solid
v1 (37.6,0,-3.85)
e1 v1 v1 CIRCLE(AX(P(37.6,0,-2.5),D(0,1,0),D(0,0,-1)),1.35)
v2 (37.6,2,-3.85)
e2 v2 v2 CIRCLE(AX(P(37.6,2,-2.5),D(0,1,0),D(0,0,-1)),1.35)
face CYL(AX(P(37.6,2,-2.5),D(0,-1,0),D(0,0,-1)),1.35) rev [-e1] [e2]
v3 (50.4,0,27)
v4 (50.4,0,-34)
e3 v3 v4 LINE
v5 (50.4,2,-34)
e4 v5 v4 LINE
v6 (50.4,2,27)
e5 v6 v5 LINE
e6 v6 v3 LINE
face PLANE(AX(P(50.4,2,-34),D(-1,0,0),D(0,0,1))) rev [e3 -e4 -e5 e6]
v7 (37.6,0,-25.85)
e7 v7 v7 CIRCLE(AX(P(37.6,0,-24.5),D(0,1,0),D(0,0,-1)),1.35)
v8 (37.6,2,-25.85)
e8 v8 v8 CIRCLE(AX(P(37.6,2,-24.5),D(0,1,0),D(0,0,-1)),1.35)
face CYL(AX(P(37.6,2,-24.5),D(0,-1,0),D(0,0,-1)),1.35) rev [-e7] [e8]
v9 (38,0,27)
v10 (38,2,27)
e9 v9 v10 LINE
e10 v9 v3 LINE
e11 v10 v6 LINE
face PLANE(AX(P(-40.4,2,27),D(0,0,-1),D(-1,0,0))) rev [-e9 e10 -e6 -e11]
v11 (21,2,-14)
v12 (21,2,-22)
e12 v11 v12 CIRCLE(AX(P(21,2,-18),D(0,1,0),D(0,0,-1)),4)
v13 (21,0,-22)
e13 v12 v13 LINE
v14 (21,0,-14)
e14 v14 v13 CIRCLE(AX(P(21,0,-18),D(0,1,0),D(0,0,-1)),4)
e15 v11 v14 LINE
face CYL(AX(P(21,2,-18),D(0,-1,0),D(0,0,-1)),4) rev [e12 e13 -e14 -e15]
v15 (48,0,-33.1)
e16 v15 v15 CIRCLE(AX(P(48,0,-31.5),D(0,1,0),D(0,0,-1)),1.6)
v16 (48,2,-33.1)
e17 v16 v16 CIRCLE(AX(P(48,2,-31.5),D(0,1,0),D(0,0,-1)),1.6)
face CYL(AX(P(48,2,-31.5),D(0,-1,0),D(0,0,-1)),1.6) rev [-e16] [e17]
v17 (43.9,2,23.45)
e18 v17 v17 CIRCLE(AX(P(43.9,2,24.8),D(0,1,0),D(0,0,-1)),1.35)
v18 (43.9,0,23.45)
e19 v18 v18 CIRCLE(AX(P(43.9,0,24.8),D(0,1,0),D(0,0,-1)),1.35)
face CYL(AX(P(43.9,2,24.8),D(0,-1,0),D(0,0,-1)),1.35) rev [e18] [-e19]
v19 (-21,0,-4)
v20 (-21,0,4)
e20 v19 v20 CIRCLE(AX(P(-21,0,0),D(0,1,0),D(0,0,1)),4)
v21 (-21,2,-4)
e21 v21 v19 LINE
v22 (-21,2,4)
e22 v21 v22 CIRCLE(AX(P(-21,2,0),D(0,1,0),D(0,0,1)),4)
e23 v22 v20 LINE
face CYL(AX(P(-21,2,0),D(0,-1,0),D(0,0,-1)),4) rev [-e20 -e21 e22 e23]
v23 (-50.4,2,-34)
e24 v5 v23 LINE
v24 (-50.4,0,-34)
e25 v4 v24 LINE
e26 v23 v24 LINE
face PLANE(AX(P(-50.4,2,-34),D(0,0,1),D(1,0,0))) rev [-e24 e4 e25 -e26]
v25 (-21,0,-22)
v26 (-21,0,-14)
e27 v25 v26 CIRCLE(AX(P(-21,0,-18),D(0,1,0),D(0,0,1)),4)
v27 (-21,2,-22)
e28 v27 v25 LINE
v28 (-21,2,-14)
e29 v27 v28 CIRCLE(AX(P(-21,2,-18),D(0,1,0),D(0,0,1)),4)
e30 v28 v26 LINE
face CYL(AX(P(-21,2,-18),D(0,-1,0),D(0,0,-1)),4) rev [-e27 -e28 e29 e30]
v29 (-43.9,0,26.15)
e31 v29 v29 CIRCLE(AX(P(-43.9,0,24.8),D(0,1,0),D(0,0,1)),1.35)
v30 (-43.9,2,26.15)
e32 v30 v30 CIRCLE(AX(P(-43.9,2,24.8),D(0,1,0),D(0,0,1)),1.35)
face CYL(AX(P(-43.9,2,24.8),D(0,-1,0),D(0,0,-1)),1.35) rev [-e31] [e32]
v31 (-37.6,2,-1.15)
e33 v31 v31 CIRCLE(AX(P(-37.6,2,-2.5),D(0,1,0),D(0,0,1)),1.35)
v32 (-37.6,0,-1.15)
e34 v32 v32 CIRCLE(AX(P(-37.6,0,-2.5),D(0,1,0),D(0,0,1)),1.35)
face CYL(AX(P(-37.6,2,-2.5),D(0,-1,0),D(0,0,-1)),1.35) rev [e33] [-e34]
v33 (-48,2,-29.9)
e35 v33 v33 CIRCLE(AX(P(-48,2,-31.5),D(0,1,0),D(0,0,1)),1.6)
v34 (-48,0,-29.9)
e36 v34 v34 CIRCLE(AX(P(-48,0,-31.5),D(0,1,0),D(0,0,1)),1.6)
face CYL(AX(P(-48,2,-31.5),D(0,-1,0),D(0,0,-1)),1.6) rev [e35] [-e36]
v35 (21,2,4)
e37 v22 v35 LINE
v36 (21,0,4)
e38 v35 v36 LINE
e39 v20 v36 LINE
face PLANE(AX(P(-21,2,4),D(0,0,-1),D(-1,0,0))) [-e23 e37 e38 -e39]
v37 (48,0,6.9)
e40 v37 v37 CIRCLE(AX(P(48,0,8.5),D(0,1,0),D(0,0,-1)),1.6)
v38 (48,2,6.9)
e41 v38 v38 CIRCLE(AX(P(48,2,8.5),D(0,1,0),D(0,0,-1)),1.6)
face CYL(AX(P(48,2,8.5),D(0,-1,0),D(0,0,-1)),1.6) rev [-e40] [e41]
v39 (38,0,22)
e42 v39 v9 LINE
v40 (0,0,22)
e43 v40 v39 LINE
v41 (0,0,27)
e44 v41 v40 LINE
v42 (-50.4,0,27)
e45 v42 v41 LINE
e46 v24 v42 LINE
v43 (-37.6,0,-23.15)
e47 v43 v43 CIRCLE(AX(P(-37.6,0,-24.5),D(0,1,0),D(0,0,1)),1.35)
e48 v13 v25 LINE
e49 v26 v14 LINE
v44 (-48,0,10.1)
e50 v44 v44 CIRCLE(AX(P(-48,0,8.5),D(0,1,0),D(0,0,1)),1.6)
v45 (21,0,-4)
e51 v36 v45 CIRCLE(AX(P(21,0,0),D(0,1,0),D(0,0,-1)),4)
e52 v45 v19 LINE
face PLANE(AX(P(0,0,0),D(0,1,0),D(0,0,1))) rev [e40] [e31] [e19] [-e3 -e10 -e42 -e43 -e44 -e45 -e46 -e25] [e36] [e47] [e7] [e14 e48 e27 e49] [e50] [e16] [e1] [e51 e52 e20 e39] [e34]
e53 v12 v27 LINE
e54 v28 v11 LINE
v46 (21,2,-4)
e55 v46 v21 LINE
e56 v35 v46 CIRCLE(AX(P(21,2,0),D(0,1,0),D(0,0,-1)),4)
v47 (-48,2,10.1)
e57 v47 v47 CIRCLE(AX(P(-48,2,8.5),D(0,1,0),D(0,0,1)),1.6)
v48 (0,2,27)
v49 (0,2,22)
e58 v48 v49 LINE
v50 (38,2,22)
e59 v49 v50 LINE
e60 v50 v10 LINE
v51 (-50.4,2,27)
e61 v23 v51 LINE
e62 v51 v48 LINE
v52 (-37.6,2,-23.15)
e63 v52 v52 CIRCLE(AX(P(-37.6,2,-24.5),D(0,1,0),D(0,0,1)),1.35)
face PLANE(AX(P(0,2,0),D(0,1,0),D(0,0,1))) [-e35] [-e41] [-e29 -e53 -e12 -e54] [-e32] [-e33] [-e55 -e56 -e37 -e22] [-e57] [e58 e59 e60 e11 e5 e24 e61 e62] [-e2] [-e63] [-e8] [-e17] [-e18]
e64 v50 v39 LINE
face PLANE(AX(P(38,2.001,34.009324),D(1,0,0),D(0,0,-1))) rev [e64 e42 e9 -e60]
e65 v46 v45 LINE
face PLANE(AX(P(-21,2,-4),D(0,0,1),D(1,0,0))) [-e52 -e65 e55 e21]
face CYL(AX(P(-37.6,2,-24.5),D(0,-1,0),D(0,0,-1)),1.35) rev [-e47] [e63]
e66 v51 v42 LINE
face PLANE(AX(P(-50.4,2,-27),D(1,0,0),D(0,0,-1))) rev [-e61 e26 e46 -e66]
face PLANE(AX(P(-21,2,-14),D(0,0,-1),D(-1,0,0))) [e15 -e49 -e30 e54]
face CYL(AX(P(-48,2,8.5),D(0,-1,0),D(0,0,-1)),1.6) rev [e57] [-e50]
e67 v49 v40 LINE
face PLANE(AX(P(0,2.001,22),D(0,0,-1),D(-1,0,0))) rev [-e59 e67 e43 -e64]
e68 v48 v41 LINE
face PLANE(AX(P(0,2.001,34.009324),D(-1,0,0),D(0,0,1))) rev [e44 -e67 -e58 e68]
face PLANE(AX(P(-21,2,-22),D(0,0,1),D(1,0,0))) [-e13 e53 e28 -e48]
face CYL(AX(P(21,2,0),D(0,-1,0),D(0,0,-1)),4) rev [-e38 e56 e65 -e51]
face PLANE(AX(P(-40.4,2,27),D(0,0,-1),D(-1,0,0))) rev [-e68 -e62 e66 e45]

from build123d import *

# Parameters (mm, degrees)
SKETCH_1_R          = 1.6
SKETCH_1_R_2        = 1.35
EXTRUDE_1_DEPTH     = 2
CUT_EXTRUDE_1_REACH = 62.829
SKETCH_2_W          = 38
SKETCH_2_H          = 12.009324428


with BuildPart() as part:
    # 草图1 → 凸台-拉伸1 (new body)
    with BuildSketch(Plane(origin=(0, 0, 0), x_dir=(1, 0, 0), z_dir=(0, 1, 0))):
        Polygon((-40.4, -27), (40.4, -27), (50.4, -27), (50.4, 27), (50.4, 34), (-50.4, 34), (-50.4, 27), (-50.4, -27), align=None)
        with Locations(Location((-48, 31.5, 0), (0, 0, 270))):
            Circle(SKETCH_1_R, mode=Mode.SUBTRACT)
        with Locations(Location((-37.6, 24.5, 0), (0, 0, 270))):
            Circle(SKETCH_1_R_2, mode=Mode.SUBTRACT)
        with Locations(Location((-43.9, -24.8, 0), (0, 0, 270))):
            Circle(SKETCH_1_R_2, mode=Mode.SUBTRACT)
        with Locations(Location((37.6, 24.5, 0), (0, 0, 90))):
            Circle(SKETCH_1_R_2, mode=Mode.SUBTRACT)
        with Locations(Location((43.9, -24.8, 0), (0, 0, 90))):
            Circle(SKETCH_1_R_2, mode=Mode.SUBTRACT)
        with Locations(Location((-48, -8.5, 0), (0, 0, 270))):
            Circle(SKETCH_1_R, mode=Mode.SUBTRACT)
        with Locations(Location((48, -8.5, 0), (0, 0, 90))):
            Circle(SKETCH_1_R, mode=Mode.SUBTRACT)
        with Locations(Location((48, 31.5, 0), (0, 0, 90))):
            Circle(SKETCH_1_R, mode=Mode.SUBTRACT)
        with Locations(Location((-37.6, 2.5, 0), (0, 0, 270))):
            Circle(SKETCH_1_R_2, mode=Mode.SUBTRACT)
        with Locations(Location((37.6, 2.5, 0), (0, 0, 90))):
            Circle(SKETCH_1_R_2, mode=Mode.SUBTRACT)
        with BuildLine():
            Line((-21, 22), (21, 22))
            ThreePointArc((21, 22), (25, 18), (21, 14))
            Line((21, 14), (-21, 14))
            ThreePointArc((-21, 14), (-25, 18), (-21, 22))
        make_face(mode=Mode.SUBTRACT)
        with BuildLine():
            Line((-21, 4), (21, 4))
            ThreePointArc((21, 4), (25, 0), (21, -4))
            Line((21, -4), (-21, -4))
            ThreePointArc((-21, -4), (-25, 0), (-21, 4))
        make_face(mode=Mode.SUBTRACT)
    extrude(amount=EXTRUDE_1_DEPTH)

    # 草图2 → 切除-拉伸1 (cut, up to next)
    with BuildSketch(Plane.XZ, mode=Mode.PRIVATE) as cut_extrude_1_sk1:
        with Locations((19, 28.004662214)):
            Rectangle(SKETCH_2_W, SKETCH_2_H)
    cut_extrude_1_tool1 = extrude(cut_extrude_1_sk1.sketch, amount=-CUT_EXTRUDE_1_REACH, mode=Mode.PRIVATE) & part.part
    add(cut_extrude_1_tool1.solids().sort_by_distance((19, 0, 28.004662))[0], mode=Mode.SUBTRACT)


solid = part.part
